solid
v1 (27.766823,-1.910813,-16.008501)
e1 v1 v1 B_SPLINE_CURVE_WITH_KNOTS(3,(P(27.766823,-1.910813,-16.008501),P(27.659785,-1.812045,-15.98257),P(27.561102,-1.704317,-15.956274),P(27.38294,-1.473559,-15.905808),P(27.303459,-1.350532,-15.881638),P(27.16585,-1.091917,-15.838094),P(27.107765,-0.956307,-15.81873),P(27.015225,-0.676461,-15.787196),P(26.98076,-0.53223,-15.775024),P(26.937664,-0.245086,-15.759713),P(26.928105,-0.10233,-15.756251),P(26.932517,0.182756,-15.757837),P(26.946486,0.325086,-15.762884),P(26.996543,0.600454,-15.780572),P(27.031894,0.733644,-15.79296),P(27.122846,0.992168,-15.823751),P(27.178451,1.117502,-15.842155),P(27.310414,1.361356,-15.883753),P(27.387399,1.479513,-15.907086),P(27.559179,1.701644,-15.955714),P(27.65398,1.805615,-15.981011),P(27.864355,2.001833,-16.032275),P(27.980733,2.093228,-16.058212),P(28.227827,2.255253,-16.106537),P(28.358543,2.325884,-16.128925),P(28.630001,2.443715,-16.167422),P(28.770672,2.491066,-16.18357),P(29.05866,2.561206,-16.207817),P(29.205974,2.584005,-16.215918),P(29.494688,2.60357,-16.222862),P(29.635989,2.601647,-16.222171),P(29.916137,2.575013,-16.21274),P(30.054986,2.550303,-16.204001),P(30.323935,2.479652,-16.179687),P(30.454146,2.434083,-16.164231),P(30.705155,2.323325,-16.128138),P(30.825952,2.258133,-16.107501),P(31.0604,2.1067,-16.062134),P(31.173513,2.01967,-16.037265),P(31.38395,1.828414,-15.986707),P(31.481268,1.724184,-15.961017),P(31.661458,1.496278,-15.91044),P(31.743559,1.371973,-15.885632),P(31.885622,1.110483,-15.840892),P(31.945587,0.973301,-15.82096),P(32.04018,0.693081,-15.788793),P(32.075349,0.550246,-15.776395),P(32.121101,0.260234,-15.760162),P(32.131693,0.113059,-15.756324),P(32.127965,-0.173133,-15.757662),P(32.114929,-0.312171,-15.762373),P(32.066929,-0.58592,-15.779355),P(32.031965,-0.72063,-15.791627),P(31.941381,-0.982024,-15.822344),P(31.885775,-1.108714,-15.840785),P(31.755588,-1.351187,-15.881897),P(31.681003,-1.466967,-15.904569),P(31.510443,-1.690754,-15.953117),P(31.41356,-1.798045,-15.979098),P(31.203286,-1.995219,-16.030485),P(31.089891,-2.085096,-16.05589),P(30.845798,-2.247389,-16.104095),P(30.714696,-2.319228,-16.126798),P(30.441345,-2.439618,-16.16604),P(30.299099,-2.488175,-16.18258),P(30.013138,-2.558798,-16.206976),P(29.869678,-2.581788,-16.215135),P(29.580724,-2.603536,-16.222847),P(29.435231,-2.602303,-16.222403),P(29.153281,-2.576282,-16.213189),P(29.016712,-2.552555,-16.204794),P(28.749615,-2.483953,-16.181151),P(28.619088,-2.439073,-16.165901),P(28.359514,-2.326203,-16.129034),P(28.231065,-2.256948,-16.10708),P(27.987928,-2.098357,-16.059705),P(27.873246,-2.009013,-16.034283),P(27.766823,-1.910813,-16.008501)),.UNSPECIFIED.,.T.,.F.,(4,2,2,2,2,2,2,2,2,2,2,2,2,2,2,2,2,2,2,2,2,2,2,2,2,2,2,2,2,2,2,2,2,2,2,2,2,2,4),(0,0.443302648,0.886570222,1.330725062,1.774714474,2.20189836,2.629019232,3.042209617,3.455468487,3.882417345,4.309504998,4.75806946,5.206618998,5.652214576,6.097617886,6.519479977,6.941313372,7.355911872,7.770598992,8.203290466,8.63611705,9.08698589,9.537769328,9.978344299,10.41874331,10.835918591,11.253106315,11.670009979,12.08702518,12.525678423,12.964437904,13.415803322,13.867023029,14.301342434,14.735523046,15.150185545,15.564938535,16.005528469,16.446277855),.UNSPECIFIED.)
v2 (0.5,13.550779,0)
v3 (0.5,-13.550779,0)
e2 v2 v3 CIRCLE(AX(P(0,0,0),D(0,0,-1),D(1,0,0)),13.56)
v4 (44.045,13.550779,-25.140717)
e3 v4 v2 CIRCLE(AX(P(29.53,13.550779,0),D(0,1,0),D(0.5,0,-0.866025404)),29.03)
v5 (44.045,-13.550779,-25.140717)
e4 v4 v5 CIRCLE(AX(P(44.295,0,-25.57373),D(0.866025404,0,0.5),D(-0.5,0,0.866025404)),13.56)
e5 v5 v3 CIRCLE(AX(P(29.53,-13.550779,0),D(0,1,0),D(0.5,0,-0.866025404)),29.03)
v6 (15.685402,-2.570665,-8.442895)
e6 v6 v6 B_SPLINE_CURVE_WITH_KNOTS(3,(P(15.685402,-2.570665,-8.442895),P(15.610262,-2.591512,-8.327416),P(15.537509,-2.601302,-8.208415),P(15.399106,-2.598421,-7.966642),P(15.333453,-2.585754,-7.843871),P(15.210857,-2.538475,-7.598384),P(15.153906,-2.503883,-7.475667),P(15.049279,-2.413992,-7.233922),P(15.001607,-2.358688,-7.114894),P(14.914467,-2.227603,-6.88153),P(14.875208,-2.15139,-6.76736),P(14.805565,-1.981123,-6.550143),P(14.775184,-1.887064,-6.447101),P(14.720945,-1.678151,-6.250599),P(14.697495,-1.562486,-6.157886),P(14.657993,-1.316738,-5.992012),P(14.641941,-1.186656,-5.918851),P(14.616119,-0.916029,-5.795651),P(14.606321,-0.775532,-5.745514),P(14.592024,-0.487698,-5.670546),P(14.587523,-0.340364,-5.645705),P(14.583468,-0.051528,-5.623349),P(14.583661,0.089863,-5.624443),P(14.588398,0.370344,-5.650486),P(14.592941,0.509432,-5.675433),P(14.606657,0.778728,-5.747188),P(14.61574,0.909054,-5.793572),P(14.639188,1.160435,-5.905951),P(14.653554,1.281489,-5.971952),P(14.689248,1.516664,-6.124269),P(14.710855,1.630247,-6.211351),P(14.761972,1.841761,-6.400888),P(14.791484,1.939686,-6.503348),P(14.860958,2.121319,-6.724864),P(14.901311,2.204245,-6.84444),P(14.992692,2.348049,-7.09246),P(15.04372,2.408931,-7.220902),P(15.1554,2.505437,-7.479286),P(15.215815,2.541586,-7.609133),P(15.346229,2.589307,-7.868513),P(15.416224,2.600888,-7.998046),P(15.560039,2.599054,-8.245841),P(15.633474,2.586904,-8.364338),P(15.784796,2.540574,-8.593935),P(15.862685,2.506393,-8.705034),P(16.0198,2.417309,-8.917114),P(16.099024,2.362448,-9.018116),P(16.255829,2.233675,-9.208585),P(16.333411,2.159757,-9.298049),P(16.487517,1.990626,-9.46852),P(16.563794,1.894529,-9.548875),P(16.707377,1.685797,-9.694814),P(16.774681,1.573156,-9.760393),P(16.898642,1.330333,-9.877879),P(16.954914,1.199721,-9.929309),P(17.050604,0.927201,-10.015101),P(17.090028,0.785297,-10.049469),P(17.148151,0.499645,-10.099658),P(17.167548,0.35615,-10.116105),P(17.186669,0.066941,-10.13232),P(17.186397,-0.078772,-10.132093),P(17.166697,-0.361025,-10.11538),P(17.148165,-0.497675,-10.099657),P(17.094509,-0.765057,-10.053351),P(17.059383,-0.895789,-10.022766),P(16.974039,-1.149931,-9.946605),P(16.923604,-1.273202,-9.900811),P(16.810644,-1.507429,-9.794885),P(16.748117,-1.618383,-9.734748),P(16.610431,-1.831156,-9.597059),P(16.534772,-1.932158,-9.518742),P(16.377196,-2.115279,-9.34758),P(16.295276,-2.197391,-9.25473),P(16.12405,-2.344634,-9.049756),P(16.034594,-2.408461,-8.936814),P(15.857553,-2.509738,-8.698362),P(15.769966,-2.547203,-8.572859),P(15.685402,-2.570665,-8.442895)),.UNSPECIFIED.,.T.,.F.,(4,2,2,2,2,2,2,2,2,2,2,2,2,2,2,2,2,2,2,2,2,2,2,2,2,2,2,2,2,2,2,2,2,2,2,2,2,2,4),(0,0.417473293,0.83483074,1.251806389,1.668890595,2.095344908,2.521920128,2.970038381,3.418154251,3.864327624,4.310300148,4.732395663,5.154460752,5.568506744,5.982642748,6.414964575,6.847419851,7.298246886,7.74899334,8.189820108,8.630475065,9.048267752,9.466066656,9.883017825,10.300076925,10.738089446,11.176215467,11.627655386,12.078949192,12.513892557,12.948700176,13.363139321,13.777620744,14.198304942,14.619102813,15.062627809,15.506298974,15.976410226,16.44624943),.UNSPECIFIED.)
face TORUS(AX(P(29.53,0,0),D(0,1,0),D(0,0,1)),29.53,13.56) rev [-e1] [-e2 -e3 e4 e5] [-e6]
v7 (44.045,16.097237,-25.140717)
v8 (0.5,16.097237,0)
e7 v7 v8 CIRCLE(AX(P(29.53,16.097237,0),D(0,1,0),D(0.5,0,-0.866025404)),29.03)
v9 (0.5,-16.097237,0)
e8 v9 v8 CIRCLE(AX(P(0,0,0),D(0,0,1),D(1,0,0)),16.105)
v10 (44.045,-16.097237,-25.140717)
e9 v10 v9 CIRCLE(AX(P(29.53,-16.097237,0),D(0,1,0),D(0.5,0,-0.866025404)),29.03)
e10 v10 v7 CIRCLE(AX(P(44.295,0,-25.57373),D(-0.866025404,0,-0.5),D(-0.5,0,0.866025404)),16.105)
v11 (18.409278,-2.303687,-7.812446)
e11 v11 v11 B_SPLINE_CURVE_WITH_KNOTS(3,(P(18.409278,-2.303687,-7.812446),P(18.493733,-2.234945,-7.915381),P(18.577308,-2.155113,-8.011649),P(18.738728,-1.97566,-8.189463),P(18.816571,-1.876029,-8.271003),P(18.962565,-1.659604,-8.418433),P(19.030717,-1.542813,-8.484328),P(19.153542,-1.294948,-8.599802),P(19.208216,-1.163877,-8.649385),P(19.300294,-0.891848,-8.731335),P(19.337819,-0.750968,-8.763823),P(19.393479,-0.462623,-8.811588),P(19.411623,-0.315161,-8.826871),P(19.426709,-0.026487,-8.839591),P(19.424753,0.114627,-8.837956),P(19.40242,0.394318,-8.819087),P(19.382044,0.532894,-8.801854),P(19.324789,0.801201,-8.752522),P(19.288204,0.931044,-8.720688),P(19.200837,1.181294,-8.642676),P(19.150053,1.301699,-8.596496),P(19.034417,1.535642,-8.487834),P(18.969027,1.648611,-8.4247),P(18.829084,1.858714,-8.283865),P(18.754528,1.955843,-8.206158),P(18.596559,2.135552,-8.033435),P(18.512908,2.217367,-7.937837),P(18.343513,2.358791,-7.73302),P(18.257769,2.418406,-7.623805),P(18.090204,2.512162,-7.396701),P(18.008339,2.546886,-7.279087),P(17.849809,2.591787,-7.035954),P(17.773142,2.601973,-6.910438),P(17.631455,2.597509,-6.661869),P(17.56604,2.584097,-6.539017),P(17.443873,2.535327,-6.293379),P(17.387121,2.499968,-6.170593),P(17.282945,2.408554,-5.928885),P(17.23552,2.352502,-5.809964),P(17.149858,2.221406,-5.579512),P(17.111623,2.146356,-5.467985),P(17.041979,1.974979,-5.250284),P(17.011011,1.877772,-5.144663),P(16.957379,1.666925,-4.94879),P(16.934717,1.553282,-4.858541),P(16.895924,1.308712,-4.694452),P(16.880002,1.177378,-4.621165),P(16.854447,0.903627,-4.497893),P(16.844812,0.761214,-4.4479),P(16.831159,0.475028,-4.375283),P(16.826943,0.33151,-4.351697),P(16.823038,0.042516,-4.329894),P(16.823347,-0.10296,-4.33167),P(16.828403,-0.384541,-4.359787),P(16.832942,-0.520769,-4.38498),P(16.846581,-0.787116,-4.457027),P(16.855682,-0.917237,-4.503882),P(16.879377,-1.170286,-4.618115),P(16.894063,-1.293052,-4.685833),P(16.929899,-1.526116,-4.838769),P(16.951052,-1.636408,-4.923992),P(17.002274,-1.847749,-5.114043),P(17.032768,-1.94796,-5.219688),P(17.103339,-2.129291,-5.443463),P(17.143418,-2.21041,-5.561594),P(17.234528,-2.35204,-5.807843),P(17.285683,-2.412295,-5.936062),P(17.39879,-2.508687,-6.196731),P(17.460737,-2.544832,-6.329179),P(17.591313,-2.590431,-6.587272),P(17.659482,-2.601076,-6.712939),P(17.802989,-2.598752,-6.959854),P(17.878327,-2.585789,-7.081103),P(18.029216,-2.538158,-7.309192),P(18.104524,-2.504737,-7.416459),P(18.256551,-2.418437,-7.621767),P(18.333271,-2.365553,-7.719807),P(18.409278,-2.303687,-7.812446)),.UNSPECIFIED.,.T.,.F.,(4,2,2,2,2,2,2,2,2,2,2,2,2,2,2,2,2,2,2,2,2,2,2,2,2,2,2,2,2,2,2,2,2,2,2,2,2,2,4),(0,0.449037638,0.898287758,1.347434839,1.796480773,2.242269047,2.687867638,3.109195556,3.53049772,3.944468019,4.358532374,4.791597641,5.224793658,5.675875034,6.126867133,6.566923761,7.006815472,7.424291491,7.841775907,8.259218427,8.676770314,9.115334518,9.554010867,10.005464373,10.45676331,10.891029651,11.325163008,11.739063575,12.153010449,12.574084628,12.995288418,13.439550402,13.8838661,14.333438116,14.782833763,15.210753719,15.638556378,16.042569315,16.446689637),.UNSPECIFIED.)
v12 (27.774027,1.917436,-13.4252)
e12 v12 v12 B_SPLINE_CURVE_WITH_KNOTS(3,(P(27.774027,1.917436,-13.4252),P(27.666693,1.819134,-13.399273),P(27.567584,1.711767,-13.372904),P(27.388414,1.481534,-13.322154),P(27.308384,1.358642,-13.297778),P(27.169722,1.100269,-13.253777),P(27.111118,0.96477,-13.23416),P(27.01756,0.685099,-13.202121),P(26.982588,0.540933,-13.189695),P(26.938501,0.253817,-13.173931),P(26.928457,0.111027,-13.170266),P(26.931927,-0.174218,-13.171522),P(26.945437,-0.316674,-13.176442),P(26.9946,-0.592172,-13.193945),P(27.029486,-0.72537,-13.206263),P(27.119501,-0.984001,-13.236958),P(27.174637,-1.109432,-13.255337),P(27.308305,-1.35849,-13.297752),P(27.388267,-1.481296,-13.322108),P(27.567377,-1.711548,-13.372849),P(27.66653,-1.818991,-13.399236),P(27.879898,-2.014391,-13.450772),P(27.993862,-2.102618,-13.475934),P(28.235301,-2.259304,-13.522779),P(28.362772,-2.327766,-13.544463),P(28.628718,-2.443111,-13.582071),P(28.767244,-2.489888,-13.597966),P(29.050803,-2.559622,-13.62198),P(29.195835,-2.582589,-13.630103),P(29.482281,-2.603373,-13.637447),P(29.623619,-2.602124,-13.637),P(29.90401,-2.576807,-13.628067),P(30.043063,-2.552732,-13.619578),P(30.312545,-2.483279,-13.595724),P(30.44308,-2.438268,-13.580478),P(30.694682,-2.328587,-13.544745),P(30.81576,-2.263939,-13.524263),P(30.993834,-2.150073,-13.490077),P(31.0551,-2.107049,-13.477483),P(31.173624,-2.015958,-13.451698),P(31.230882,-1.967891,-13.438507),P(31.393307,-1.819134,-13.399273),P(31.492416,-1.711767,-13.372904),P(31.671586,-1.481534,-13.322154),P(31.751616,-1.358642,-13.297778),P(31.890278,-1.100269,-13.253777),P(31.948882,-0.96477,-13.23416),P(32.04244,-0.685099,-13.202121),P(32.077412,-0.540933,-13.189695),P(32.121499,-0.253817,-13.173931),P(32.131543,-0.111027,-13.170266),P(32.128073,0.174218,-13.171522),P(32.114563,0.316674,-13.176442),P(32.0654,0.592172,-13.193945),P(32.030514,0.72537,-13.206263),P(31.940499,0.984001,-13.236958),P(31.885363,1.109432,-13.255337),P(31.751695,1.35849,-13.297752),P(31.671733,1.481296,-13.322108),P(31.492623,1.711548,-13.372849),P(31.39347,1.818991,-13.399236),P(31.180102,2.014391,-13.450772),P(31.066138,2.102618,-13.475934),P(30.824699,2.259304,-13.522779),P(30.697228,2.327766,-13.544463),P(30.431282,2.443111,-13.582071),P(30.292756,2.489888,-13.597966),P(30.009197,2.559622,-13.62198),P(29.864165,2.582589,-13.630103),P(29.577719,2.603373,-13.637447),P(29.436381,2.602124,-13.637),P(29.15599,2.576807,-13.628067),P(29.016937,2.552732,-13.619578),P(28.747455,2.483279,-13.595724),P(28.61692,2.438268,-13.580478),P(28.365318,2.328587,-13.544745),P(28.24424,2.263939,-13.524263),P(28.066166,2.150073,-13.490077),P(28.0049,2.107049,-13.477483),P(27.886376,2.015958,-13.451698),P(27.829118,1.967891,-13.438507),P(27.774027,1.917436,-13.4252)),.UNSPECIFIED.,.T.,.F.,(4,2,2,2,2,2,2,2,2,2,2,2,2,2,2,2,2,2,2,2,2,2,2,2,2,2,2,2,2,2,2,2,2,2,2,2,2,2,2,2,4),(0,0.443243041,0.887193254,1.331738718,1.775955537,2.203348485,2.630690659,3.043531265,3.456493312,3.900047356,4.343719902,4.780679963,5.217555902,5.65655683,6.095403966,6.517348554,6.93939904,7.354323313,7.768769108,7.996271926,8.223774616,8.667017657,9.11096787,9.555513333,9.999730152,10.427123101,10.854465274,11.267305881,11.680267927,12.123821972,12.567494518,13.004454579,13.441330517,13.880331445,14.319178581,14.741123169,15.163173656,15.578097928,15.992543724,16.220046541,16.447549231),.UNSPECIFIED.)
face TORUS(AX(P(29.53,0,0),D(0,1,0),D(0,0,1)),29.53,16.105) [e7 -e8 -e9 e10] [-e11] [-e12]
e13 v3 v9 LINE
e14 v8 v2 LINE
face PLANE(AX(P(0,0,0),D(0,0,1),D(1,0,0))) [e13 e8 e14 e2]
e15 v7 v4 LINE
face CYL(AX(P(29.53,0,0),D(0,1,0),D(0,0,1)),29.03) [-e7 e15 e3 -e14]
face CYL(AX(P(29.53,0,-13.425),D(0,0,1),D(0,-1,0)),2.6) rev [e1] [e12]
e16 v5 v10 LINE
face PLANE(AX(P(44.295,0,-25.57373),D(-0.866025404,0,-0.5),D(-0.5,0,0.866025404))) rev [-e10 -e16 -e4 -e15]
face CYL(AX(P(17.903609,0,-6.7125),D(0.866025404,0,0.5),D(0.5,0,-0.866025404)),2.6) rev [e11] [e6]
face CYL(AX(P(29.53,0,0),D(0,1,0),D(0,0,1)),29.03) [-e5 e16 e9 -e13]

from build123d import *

# Parameters (mm, degrees)
F_5_0MM_DOWEL_HOLE1_D               = 5.2
F_5_0MM_DOWEL_HOLE1_DEPTH           = 5
F_5_0MM_DOWEL_HOLE1_TIP             = 1.562237609
F_5_0MM_DOWEL_HOLE1_ON_FACE_2_D     = 5.2
F_5_0MM_DOWEL_HOLE1_ON_FACE_2_DEPTH = 5
F_5_0MM_DOWEL_HOLE1_ON_FACE_2_TIP   = 1.562237609


with BuildPart() as part:
    # Sweep1: sweep along a path in Sketch2
    with BuildLine(Plane(origin=(0, 0, 0), x_dir=(1, 0, 0), z_dir=(0, 1, 0))) as sweep1_path:
        ThreePointArc((44.295, 25.573730174), (14.765, 25.573730174), (0, 0))
    # Sketch1 → Sweep1 (sweep)
    with BuildSketch(Plane.XY):
        with BuildLine():
            Line((0.5, 16.097236564), (0.5, 13.550778575))
            ThreePointArc((0.5, 13.550778575), (13.56, 0), (0.5, -13.550778575))
            Line((0.5, -13.550778575), (0.5, -16.097236564))
            ThreePointArc((0.5, -16.097236564), (16.105, 0), (0.5, 16.097236564))
        make_face()
    sweep(path=sweep1_path.line)

    # Ø5.0mm Dowel Hole1
    with Locations(Plane(origin=(29.53, 0, -13.425), x_dir=(1, 0, 0), z_dir=(0, 0, 1))):
        with Locations((0, 0)):
            Hole(F_5_0MM_DOWEL_HOLE1_D / 2, depth=F_5_0MM_DOWEL_HOLE1_DEPTH)
            with Locations((0, 0, -(F_5_0MM_DOWEL_HOLE1_DEPTH + F_5_0MM_DOWEL_HOLE1_TIP / 2))):  # 118° drill point
                Cone(0, F_5_0MM_DOWEL_HOLE1_D / 2, F_5_0MM_DOWEL_HOLE1_TIP, mode=Mode.SUBTRACT)

    # Ø5.0mm Dowel Hole1 on face 2
    with Locations(Plane(origin=(17.903608954, 0, -6.7125), x_dir=(-0.500000174844, 0, 0.866025302838), z_dir=(0.866025302838, 0, 0.500000174844))):
        with Locations((0, 0)):
            Hole(F_5_0MM_DOWEL_HOLE1_ON_FACE_2_D / 2, depth=F_5_0MM_DOWEL_HOLE1_ON_FACE_2_DEPTH)
            with Locations((0, 0, -(F_5_0MM_DOWEL_HOLE1_ON_FACE_2_DEPTH + F_5_0MM_DOWEL_HOLE1_ON_FACE_2_TIP / 2))):  # 118° drill point
                Cone(0, F_5_0MM_DOWEL_HOLE1_ON_FACE_2_D / 2, F_5_0MM_DOWEL_HOLE1_ON_FACE_2_TIP, mode=Mode.SUBTRACT)


solid = part.part
